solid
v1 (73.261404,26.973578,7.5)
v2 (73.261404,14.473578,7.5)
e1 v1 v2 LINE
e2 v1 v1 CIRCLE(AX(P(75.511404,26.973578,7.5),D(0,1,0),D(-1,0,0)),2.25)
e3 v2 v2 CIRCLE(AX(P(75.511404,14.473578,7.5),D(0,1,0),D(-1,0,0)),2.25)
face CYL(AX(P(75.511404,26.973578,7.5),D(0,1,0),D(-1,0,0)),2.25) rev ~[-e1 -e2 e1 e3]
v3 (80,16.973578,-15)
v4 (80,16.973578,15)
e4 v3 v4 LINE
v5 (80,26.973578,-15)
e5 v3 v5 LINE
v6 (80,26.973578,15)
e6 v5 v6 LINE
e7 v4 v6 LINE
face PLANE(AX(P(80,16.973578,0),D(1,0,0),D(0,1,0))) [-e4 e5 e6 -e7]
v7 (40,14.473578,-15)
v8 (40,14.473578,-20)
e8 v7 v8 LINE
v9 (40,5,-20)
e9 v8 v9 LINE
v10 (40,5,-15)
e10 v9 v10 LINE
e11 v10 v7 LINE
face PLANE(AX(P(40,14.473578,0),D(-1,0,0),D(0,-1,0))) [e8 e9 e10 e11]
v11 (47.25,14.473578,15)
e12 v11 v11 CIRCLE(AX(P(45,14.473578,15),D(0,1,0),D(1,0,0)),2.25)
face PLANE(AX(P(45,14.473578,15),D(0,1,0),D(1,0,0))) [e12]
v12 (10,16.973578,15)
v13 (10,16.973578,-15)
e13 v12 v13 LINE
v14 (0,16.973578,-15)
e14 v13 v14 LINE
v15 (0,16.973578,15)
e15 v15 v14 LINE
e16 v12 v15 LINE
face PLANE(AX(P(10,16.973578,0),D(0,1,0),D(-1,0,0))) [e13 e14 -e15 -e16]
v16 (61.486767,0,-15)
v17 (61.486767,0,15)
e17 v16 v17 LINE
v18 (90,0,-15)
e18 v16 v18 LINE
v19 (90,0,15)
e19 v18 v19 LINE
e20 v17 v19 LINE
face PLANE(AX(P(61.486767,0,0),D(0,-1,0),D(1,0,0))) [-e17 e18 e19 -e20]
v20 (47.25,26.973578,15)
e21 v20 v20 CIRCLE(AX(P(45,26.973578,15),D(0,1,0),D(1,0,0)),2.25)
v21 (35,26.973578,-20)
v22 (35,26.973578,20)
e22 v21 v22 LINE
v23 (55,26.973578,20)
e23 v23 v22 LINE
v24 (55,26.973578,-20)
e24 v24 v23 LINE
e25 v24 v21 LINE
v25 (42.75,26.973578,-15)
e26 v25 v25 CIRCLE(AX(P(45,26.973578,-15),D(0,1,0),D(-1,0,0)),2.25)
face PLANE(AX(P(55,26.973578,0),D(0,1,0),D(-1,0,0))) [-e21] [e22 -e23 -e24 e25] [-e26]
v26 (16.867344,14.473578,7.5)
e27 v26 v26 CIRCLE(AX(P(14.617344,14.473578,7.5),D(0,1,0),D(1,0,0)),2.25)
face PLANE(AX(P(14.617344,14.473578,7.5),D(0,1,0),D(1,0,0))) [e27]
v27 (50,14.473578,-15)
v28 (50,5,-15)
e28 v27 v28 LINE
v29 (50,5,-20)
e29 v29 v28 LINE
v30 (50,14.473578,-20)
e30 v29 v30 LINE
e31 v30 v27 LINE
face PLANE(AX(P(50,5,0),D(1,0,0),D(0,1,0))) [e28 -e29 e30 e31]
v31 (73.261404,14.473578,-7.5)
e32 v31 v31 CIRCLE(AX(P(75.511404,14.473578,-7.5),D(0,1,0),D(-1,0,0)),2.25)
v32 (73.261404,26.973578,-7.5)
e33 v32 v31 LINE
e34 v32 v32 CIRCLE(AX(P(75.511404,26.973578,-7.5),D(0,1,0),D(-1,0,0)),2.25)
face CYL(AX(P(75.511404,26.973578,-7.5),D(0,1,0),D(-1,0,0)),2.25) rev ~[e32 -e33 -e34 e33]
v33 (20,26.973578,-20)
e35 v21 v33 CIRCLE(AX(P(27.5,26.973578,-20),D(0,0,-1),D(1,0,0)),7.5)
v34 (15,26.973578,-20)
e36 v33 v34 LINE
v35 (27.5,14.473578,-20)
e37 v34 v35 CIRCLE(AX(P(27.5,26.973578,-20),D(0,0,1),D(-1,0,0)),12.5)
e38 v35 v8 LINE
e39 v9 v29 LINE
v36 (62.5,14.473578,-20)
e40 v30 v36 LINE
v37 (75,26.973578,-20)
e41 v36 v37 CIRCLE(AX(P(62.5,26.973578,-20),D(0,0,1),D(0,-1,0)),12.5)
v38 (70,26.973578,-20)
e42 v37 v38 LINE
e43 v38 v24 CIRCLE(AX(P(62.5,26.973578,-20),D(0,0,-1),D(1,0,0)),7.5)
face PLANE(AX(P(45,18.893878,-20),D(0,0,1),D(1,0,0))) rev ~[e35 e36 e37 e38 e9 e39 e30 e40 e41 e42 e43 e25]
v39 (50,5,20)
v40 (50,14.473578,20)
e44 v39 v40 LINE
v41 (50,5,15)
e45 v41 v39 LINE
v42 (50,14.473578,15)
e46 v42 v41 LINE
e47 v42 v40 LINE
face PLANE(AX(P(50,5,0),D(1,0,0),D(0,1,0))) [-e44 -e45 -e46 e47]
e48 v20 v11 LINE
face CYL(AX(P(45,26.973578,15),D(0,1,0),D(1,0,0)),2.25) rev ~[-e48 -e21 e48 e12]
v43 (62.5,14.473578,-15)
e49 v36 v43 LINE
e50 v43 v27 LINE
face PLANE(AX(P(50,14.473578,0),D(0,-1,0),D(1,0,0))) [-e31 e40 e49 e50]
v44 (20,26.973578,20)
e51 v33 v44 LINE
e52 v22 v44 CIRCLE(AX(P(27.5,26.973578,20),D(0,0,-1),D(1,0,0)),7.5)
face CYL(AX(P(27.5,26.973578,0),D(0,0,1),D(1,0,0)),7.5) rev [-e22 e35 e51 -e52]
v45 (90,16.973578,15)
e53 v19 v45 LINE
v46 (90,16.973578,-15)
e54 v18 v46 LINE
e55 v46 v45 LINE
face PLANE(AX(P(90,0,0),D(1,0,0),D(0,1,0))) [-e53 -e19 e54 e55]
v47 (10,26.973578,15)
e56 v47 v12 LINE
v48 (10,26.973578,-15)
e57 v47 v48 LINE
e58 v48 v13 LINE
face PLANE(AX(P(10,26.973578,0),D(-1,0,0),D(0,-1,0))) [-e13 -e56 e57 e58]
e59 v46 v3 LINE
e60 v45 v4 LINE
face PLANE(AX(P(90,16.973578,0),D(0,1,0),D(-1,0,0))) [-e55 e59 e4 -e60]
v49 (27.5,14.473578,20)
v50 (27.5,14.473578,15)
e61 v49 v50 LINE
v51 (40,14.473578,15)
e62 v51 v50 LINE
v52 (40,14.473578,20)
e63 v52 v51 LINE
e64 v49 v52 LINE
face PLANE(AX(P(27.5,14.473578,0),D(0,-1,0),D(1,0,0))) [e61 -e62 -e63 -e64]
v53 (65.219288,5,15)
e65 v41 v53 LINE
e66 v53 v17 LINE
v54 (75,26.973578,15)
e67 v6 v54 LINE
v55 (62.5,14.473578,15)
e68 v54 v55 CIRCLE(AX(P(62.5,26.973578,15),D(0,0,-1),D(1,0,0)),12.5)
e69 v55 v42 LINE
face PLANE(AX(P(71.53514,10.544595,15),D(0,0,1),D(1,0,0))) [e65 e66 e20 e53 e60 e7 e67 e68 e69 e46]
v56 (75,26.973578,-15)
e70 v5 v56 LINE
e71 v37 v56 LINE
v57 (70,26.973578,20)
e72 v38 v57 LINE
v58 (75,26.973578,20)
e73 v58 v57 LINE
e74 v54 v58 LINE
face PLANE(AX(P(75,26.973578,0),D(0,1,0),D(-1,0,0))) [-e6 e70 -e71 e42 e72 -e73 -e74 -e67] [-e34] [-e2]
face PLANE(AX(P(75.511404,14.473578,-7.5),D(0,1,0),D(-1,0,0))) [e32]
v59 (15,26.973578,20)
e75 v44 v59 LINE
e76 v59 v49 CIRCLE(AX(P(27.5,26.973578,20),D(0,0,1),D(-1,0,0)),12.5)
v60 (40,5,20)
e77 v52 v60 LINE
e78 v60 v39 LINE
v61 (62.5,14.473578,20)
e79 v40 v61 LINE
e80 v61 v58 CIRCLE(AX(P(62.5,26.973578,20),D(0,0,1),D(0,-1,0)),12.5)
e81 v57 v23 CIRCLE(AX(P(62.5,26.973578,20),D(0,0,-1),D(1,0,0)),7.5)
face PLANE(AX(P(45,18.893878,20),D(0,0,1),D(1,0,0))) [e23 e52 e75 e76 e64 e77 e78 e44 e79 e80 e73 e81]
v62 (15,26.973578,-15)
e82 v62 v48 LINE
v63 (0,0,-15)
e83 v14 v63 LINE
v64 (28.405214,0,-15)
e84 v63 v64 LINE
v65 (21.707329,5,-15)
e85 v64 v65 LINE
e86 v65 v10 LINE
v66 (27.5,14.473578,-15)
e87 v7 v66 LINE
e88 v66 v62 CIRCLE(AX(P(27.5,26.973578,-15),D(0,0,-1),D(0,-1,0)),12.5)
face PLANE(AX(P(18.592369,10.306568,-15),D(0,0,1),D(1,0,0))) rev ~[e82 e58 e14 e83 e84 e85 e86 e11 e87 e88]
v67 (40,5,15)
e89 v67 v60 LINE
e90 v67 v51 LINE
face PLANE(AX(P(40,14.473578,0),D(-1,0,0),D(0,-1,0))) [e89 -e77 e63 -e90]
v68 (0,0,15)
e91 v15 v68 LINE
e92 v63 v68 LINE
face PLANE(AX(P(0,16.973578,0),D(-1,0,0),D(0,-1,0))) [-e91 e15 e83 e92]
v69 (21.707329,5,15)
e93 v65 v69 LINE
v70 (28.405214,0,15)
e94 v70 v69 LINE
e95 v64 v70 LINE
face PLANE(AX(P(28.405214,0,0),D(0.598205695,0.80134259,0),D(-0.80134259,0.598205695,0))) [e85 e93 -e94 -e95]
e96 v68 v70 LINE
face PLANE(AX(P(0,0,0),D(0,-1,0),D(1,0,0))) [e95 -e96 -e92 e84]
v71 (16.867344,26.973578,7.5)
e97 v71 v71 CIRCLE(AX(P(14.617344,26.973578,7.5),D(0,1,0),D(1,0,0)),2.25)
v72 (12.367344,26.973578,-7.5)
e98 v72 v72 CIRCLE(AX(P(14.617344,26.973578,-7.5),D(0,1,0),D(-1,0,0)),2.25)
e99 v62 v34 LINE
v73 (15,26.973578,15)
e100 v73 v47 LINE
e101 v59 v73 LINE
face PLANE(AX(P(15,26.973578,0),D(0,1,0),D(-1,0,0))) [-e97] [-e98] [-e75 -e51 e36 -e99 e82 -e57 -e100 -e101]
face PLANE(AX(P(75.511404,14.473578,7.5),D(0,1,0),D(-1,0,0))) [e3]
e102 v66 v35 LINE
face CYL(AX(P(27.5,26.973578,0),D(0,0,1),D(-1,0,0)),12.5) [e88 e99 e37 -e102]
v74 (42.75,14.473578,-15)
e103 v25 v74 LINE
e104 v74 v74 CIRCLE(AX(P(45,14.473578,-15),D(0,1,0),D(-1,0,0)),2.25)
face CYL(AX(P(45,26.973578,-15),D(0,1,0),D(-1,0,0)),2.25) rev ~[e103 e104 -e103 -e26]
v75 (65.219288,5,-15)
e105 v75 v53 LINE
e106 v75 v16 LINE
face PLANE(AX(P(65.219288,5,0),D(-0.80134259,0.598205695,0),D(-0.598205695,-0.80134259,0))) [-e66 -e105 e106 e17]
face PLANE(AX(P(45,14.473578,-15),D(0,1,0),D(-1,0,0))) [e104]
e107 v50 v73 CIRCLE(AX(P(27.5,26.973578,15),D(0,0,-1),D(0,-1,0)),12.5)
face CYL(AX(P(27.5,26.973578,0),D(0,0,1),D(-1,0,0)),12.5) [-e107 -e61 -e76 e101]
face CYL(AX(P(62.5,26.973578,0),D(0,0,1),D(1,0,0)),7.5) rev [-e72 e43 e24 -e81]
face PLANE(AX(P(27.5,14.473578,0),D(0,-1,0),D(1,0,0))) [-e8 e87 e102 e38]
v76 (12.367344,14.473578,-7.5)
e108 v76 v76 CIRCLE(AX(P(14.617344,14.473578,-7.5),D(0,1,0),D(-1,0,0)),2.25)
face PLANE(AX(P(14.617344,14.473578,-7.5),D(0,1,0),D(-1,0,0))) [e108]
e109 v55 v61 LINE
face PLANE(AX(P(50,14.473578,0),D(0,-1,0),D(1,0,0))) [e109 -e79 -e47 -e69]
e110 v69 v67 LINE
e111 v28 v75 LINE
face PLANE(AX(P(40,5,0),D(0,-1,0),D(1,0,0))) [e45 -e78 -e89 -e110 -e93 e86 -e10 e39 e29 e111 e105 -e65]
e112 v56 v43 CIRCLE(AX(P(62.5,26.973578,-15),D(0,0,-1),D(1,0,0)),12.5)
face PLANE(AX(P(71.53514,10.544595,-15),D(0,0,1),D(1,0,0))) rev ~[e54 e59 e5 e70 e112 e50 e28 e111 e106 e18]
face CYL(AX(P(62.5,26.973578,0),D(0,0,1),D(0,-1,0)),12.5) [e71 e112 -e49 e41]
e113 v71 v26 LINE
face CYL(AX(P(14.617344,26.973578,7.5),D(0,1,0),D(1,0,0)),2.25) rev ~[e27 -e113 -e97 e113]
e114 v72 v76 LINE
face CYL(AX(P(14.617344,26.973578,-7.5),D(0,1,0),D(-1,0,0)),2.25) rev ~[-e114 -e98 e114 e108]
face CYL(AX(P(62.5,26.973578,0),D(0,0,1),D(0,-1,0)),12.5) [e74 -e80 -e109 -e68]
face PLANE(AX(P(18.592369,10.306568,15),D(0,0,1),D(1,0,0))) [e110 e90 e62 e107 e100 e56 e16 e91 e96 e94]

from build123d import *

# Parameters (mm, degrees)
BOSS_EXTRUDE1_DEPTH   = 15
BOSS_EXTRUDE1_2_DEPTH = 15
BOSS_EXTRUDE2_DEPTH   = 20
SKETCH2_R             = 2.25
CUT_EXTRUDE2_DEPTH    = 12.5


with BuildPart() as part:
    # Sketch1 → Boss-Extrude1 (new, symmetric)
    with BuildSketch(Plane.XY):
        with BuildLine():
            Line((0, 16.97357793), (0, 0))
            Line((0, 0), (28.405213846, 0))
            Line((28.405213846, 0), (21.707328852, 5))
            Line((21.707328852, 5), (40, 5))
            Line((40, 5), (40, 14.47357793))
            Line((40, 14.47357793), (27.5, 14.47357793))
            ThreePointArc((27.5, 14.47357793), (18.661165235, 18.134743165), (15, 26.97357793))
            Line((15, 26.97357793), (10, 26.97357793))
            Line((10, 26.97357793), (10, 16.97357793))
            Line((10, 16.97357793), (0, 16.97357793))
        make_face()
    extrude(amount=BOSS_EXTRUDE1_DEPTH, both=True)



with BuildPart() as body_2:
    # Sketch1 → Boss-Extrude1 2 (new, symmetric)
    with BuildSketch(Plane.XY):
        with BuildLine():
            Line((50, 14.47357793), (50, 5))
            Line((50, 5), (65.219288167, 5))
            Line((65.219288167, 5), (61.486766629, 0))
            Line((61.486766629, 0), (90, 0))
            Line((90, 0), (90, 16.97357793))
            Line((90, 16.97357793), (80, 16.97357793))
            Line((80, 16.97357793), (80, 26.97357793))
            Line((80, 26.97357793), (75, 26.97357793))
            ThreePointArc((75, 26.97357793), (71.338834765, 18.134743165), (62.5, 14.47357793))
            Line((62.5, 14.47357793), (50, 14.47357793))
        make_face()
    extrude(amount=BOSS_EXTRUDE1_2_DEPTH, both=True)


with BuildPart() as part_1:
    add(part.part)

    add(body_2.part)  # Boss-Extrude2 merges body 2
    # Sketch1<3> → Boss-Extrude2 (add, symmetric)
    with BuildSketch(Plane.XY):
        with BuildLine():
            Line((40, 14.47357793), (40, 5))
            Line((40, 5), (50, 5))
            Line((50, 5), (50, 14.47357793))
            Line((50, 14.47357793), (62.5, 14.47357793))
            ThreePointArc((62.5, 14.47357793), (71.338834765, 18.134743165), (75, 26.97357793))
            Line((75, 26.97357793), (70, 26.97357793))
            ThreePointArc((70, 26.97357793), (62.5, 19.47357793), (55, 26.97357793))
            Line((55, 26.97357793), (35, 26.97357793))
            ThreePointArc((35, 26.97357793), (27.5, 19.47357793), (20, 26.97357793))
            Line((20, 26.97357793), (15, 26.97357793))
            ThreePointArc((15, 26.97357793), (18.661165235, 18.134743165), (27.5, 14.47357793))
            Line((27.5, 14.47357793), (40, 14.47357793))
        make_face()
    extrude(amount=BOSS_EXTRUDE2_DEPTH, both=True)

    # Sketch2 → Cut-Extrude2 (cut)
    with BuildSketch(Plane(origin=(0, 26.97357793, 0), x_dir=(1, 0, 0), z_dir=(0, 1, 0))):
        with Locations((14.617344239, 7.5)):
            Circle(SKETCH2_R)
        with Locations((45, 15)):
            Circle(SKETCH2_R)
        with Locations((45, -15)):
            Circle(SKETCH2_R)
        with Locations((14.617344239, -7.5)):
            Circle(SKETCH2_R)
        with Locations((75.511403754, 7.5)):
            Circle(SKETCH2_R)
        with Locations((75.511403754, -7.5)):
            Circle(SKETCH2_R)
    extrude(amount=-CUT_EXTRUDE2_DEPTH, mode=Mode.SUBTRACT)


solid = part_1.part
